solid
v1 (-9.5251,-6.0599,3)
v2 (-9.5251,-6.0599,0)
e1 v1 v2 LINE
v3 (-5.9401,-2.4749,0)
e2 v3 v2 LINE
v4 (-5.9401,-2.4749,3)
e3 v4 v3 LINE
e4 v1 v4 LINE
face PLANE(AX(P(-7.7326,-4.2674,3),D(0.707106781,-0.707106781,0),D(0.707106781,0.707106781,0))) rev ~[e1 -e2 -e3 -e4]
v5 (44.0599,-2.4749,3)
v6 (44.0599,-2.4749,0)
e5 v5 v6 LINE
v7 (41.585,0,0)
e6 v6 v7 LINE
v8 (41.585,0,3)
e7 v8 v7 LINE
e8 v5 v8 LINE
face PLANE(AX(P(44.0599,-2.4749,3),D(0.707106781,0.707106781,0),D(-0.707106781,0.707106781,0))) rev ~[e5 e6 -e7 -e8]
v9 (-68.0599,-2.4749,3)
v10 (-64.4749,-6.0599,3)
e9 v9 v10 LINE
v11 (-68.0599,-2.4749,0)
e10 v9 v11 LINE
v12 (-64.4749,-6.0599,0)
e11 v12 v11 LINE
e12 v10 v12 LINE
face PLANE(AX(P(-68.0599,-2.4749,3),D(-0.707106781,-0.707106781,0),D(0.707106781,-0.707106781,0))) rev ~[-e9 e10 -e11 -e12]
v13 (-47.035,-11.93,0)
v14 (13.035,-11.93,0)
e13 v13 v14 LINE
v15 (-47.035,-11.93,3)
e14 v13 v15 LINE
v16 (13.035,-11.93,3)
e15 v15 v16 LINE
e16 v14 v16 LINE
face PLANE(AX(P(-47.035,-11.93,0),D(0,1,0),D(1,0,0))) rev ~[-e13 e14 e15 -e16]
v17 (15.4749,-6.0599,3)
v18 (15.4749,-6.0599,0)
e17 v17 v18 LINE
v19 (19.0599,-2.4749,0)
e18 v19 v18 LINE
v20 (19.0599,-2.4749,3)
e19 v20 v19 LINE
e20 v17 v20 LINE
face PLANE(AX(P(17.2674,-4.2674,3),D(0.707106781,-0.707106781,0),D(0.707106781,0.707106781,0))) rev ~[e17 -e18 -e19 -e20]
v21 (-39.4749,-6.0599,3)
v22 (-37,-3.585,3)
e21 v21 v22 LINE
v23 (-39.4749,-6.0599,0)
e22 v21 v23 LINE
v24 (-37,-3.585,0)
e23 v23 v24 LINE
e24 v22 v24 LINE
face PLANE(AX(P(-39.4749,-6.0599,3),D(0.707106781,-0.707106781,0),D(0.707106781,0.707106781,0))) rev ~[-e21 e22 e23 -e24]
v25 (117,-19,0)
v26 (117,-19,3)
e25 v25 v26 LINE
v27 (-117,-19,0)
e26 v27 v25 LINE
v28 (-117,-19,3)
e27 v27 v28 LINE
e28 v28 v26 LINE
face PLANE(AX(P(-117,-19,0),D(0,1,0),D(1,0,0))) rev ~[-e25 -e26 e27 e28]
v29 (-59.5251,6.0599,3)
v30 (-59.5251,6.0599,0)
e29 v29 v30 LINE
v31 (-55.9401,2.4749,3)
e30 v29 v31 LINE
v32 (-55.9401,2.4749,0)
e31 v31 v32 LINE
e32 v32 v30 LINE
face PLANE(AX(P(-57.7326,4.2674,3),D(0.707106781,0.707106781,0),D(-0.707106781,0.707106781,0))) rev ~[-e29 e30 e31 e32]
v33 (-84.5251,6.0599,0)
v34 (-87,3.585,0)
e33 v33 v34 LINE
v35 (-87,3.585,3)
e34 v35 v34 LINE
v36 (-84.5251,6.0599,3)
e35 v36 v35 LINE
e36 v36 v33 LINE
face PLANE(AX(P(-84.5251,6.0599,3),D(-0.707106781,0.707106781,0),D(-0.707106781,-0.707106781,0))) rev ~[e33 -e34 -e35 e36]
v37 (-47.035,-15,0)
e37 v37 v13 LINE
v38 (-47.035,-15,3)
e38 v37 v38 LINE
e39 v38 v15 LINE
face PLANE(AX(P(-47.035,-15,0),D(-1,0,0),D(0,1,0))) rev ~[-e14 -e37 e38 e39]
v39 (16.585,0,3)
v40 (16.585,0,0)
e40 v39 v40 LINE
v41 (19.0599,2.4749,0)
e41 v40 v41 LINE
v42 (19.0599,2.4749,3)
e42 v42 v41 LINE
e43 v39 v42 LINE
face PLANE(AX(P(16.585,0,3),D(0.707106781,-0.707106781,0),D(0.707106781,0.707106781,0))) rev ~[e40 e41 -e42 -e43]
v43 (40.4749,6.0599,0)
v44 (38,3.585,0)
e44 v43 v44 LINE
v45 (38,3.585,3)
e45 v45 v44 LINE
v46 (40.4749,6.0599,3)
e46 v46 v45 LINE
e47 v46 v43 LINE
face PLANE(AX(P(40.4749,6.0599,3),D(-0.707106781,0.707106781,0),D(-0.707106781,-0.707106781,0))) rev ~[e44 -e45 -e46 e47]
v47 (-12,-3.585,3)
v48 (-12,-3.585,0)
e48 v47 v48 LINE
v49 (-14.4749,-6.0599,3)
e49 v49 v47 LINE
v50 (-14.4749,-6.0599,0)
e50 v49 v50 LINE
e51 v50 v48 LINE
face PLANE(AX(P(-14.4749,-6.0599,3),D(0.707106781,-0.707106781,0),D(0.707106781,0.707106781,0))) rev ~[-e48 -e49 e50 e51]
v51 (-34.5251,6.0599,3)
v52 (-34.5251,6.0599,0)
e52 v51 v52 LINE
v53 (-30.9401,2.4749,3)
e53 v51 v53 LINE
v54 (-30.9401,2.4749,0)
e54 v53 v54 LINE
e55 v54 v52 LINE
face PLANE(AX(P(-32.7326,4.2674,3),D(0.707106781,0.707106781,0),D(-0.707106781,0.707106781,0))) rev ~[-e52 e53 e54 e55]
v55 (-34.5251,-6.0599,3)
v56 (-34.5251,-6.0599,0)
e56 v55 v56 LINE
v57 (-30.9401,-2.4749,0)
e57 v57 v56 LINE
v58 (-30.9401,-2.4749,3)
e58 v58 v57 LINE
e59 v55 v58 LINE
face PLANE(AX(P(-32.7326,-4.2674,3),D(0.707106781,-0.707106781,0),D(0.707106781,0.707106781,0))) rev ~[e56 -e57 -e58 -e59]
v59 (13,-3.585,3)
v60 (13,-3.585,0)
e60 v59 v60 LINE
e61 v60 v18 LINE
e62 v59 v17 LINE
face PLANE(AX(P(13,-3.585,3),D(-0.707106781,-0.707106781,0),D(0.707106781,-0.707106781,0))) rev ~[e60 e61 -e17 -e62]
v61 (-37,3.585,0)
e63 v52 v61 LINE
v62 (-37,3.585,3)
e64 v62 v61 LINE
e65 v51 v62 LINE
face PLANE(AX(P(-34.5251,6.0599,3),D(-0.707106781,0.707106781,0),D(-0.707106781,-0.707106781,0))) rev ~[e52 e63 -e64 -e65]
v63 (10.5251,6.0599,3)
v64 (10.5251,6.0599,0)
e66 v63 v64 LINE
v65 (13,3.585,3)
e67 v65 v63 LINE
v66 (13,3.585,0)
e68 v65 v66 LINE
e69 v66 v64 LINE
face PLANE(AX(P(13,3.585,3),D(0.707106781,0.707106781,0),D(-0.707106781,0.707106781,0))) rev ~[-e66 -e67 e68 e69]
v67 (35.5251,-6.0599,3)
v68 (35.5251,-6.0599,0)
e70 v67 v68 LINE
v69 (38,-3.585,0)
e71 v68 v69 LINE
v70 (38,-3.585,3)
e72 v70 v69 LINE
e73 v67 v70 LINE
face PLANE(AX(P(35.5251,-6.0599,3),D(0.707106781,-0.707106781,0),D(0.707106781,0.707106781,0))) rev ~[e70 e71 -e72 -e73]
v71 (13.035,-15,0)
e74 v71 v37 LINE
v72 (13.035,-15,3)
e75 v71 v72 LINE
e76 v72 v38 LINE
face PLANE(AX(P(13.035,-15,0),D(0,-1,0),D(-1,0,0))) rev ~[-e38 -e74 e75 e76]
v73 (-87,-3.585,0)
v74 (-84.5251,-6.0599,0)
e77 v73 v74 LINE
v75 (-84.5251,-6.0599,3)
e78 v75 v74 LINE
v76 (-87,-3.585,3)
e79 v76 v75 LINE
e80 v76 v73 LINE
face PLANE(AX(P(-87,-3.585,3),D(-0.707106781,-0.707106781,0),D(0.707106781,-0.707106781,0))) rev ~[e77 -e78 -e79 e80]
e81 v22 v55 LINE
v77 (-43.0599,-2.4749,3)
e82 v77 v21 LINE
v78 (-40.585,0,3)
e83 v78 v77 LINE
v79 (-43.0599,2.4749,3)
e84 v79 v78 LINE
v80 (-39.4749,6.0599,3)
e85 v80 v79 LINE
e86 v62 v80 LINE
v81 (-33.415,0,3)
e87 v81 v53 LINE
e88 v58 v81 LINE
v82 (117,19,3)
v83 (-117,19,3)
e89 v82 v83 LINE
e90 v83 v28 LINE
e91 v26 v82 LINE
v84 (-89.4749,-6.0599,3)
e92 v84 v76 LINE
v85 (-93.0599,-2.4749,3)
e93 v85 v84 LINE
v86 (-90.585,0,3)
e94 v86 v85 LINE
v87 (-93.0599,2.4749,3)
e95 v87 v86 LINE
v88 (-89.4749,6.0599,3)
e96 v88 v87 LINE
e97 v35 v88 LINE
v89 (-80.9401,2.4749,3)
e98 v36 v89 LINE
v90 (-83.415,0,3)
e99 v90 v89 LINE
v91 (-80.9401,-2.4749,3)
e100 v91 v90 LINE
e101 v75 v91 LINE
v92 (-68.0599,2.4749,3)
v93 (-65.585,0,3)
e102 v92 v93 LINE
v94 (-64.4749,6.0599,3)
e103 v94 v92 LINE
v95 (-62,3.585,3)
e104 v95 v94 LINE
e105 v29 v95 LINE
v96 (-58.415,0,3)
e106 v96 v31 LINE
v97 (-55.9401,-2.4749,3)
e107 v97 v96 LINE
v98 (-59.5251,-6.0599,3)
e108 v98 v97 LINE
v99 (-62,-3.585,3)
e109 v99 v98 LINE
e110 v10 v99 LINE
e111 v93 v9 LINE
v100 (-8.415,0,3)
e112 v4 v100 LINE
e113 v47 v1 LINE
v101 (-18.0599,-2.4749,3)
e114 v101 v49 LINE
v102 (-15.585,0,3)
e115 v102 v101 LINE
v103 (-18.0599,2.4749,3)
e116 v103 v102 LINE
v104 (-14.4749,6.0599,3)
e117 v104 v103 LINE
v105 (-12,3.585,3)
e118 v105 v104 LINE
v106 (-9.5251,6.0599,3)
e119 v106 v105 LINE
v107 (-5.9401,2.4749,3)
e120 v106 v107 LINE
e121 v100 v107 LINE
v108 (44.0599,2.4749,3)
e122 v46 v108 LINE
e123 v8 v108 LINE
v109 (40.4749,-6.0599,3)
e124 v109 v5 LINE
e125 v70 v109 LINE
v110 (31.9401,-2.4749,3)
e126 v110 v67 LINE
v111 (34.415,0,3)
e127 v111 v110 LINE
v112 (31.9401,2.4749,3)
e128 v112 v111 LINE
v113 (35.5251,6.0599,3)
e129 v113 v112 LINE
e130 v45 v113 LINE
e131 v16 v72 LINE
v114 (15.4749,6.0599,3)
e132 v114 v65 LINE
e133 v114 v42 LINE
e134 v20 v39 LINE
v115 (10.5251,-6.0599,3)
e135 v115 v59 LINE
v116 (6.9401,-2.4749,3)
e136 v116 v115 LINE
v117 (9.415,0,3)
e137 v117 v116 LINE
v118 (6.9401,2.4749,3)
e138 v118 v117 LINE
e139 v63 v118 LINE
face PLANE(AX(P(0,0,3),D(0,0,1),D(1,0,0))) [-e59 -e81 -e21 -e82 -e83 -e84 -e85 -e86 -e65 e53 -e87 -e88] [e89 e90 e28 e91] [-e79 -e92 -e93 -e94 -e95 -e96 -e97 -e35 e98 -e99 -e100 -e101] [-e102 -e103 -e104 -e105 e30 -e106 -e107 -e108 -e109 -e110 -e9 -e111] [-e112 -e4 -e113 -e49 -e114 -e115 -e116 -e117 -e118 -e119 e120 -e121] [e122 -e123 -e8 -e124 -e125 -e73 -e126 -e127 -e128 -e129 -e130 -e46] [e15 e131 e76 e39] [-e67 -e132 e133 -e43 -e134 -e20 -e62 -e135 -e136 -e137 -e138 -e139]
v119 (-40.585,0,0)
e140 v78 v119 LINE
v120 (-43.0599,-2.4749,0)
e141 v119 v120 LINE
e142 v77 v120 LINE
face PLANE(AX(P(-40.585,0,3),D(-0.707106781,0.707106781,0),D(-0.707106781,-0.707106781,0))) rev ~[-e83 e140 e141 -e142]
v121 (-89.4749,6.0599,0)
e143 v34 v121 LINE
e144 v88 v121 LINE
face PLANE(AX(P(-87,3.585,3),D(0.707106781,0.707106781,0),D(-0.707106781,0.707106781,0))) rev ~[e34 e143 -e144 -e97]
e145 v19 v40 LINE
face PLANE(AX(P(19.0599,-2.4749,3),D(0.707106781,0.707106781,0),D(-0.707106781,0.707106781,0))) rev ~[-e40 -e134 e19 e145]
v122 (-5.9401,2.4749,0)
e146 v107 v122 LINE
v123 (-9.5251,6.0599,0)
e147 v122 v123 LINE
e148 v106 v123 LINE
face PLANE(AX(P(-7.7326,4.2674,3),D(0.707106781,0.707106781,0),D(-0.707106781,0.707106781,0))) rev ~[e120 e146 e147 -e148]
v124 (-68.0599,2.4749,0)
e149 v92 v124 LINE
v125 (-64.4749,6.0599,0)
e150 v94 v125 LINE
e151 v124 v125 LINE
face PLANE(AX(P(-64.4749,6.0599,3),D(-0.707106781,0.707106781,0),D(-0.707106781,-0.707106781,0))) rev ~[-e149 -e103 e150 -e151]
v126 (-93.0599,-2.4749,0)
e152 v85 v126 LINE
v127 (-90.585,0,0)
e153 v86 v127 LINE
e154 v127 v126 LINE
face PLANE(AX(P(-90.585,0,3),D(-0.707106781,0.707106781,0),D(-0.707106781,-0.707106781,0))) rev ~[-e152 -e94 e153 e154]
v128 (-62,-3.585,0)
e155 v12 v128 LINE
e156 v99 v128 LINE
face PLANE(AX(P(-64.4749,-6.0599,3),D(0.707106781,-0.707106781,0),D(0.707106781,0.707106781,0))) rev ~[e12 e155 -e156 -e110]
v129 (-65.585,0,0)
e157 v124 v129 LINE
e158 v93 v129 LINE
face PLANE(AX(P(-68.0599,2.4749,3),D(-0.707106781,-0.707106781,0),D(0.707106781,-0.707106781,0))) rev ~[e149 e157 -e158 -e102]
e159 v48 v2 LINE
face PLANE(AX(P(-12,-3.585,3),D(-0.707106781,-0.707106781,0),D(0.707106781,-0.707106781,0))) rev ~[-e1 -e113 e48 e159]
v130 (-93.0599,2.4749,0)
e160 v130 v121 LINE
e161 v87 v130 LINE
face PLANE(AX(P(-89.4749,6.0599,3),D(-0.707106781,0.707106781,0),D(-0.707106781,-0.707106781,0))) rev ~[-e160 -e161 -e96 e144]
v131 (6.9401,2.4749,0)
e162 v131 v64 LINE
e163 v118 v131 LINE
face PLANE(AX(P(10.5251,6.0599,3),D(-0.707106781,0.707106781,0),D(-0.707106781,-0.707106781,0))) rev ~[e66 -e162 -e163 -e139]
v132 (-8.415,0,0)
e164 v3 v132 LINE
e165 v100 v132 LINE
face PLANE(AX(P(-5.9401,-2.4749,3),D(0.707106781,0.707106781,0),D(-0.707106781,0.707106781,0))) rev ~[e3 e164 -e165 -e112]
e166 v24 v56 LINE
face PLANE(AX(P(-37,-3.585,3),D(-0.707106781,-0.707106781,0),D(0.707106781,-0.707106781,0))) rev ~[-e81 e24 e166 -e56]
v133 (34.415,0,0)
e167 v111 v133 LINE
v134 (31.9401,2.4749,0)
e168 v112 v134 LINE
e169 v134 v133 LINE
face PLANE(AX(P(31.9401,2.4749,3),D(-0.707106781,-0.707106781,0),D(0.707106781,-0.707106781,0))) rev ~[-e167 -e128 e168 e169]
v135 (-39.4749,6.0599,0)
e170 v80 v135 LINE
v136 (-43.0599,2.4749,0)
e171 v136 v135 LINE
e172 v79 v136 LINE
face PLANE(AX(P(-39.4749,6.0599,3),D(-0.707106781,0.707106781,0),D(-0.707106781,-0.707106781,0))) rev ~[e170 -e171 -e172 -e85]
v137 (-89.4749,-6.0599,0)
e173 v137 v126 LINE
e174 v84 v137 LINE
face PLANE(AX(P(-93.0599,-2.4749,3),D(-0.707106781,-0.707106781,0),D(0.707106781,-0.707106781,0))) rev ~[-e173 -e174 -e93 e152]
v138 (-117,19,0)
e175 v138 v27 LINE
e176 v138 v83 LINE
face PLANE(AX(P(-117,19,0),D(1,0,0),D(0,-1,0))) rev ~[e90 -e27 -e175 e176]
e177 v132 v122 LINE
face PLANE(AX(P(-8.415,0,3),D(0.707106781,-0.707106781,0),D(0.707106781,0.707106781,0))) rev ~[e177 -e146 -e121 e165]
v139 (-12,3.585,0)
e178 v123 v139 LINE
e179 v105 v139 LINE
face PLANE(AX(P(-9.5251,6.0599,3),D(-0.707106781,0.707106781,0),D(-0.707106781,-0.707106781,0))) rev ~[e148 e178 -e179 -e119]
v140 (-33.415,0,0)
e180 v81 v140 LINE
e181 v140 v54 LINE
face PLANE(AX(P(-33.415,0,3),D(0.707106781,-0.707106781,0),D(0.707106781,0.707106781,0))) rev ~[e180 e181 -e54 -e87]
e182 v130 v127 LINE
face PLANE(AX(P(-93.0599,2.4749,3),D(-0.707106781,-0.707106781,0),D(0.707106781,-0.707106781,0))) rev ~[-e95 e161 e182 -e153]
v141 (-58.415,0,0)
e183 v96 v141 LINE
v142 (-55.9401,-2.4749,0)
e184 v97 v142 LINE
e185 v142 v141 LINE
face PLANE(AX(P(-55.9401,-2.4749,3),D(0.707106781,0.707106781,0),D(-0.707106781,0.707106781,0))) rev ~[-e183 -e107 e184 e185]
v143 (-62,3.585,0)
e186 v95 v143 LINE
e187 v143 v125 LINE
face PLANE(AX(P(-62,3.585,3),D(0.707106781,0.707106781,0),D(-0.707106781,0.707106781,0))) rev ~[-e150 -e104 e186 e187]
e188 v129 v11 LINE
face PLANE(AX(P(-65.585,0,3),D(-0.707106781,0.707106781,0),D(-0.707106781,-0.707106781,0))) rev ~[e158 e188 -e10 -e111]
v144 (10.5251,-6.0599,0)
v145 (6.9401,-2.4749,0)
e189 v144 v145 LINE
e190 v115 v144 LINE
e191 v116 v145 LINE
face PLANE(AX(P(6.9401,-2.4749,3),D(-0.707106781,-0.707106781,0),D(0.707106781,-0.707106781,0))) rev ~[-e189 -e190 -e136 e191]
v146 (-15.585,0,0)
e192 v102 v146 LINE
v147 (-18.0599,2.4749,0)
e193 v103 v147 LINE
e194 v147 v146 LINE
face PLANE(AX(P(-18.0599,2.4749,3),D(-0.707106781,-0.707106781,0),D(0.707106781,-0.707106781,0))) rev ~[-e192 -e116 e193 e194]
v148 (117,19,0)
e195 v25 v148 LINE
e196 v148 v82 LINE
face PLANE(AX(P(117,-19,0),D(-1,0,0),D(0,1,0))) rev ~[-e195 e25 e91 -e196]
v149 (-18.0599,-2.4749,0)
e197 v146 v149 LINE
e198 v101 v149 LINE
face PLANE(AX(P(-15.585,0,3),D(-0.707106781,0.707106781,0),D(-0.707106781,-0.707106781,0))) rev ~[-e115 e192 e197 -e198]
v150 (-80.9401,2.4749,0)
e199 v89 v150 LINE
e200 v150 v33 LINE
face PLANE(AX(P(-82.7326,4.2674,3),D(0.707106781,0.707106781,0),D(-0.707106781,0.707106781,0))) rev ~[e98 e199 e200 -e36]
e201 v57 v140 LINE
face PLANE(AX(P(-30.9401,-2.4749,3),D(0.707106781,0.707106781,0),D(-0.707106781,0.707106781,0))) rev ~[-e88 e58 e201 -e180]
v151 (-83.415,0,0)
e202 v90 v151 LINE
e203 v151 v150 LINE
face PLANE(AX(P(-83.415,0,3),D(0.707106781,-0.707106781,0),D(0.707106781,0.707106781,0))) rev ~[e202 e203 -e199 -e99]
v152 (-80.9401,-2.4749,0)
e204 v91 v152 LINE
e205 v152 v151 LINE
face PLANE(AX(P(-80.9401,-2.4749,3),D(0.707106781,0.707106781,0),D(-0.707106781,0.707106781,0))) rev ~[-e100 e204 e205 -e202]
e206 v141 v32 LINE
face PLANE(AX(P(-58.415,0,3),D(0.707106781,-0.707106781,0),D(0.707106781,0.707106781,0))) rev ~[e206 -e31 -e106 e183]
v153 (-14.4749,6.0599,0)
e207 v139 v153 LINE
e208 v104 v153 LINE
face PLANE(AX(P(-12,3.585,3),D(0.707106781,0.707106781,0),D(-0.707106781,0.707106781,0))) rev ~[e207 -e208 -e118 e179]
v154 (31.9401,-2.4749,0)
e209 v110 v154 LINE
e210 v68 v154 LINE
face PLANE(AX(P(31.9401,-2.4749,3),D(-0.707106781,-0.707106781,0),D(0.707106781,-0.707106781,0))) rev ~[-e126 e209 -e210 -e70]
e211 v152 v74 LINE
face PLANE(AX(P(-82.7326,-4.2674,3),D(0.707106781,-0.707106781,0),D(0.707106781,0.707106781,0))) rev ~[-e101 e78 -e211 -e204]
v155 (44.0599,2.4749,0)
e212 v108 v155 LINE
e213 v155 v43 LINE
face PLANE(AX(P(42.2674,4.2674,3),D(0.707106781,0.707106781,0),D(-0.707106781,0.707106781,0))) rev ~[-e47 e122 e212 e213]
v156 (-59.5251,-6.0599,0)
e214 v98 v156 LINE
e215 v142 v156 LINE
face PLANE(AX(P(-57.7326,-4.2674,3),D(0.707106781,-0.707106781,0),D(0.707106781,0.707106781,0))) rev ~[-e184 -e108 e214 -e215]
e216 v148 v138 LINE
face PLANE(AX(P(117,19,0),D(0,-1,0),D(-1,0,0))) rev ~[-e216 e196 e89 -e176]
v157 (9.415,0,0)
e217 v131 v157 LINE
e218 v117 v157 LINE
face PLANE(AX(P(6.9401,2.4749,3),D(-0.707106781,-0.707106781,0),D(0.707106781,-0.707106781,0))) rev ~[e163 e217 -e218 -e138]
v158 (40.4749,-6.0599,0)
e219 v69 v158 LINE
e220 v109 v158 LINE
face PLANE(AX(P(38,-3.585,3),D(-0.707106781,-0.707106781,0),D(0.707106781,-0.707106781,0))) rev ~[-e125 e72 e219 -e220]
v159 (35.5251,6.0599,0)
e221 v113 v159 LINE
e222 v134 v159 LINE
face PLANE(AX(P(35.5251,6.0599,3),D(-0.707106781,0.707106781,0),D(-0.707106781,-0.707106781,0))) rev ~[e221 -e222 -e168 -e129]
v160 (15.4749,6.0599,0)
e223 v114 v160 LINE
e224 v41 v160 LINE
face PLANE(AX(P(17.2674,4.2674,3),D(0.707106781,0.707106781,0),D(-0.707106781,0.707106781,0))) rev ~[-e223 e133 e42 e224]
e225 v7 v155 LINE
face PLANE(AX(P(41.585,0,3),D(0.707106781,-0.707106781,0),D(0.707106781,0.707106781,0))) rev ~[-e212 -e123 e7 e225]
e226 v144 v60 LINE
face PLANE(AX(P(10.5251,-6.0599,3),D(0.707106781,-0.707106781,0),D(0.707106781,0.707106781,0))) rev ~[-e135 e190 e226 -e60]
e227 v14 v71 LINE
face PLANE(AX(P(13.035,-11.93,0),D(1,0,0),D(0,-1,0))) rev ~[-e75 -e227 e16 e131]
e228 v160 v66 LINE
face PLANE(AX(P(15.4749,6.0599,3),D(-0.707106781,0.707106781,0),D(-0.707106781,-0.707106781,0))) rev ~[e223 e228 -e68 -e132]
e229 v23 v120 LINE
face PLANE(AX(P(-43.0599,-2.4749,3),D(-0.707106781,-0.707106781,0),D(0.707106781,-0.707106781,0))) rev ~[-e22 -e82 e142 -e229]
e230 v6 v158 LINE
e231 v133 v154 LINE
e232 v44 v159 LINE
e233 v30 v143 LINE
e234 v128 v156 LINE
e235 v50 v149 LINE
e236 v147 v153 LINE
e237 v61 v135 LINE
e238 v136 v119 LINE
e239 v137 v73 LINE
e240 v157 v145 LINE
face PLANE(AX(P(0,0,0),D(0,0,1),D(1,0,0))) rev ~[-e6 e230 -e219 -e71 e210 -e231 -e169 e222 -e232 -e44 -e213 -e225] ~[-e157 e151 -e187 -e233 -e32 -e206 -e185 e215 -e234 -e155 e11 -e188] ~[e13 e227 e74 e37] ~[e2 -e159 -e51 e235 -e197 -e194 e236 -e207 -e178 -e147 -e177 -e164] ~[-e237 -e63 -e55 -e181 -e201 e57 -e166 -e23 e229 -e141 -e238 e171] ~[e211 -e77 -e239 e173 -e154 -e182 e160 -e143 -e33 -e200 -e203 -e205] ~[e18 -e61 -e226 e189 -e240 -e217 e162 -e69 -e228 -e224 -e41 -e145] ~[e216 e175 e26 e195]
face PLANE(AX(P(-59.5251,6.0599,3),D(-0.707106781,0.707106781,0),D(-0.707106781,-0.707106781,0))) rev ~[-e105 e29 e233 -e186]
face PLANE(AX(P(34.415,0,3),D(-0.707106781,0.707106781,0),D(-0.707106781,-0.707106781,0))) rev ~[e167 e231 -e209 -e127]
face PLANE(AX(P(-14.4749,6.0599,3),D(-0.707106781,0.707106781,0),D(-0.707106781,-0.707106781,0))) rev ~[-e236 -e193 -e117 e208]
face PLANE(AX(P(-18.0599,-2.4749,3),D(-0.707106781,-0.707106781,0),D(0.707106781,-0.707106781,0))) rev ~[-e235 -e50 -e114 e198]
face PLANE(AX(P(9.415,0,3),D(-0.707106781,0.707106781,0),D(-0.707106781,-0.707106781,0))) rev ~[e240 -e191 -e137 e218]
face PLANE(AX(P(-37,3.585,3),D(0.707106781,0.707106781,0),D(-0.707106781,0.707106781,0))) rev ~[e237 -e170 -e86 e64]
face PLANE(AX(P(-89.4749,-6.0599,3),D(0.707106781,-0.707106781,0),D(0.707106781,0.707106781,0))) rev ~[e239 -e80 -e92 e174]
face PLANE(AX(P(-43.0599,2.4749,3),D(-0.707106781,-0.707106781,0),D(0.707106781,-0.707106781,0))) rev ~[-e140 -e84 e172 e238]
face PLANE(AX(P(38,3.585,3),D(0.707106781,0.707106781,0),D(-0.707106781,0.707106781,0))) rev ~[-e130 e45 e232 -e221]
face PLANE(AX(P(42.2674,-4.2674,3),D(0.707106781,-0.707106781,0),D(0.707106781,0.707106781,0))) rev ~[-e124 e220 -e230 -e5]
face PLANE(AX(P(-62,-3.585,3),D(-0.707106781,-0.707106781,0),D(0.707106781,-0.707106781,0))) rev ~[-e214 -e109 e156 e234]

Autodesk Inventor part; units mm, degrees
ref_plane "YZ Plane" through (0, 0, 0) normal (1, 0, 0) x (0, 1, 0)
ref_plane "XZ Plane" through (0, 0, 0) normal (0, 1, 0) x (-1, 0, 0)
ref_plane "XY Plane" through (0, 0, 0) normal (0, 0, 1) x (1, 0, 0)
sketch "Sketch1" plane through (0, 0, 0) normal (0, 0, 1) x (1, 0, 0)
  line L0 (-117, -19) -> (117, -19)
  line L1 (117, -19) -> (117, 19)
  line L2 (117, 19) -> (-117, 19)
  line L3 (-117, 19) -> (-117, -19)
  line L4 (-117, -19) -> (117, 19) construction
  line L5 (117, -19) -> (-117, 19) construction
  line L6 (-47.035, -11.93) -> (13.035, -11.93)
  line L7 (13.035, -11.93) -> (13.035, -15)
  line L8 (13.035, -15) -> (-47.035, -15)
  line L9 (-47.035, -15) -> (-47.035, -11.93)
  line L10 (-47.035, -11.93) -> (13.035, -15) construction
  line L11 (13.035, -11.93) -> (-47.035, -15) construction
  point P0 (0, 0)
  point P1 (-17, -13.465)
  dimension "d0" = 38
  dimension "d1" = 234
  dimension "d2" = 100
  dimension "d3" = 3.07
  dimension "d4" = 4
  dimension "d5" = 60.07
extrude "Plate1" add sketch "Sketch1" along normal blind 3
sketch "Sketch2" plane through (0, 0, 3) normal (0, 0, 1) x (1, 0, 0)
  line L0 (-84.5251, 6.0599) -> (-93.0599, -2.4749)
  line L1 (-93.0599, -2.4749) -> (-89.4749, -6.0599)
  line L2 (-89.4749, -6.0599) -> (-80.9401, 2.4749)
  line L3 (-80.9401, 2.4749) -> (-84.5251, 6.0599)
  line L4 (-89.4749, 6.0599) -> (-93.0599, 2.4749)
  line L5 (-93.0599, 2.4749) -> (-84.5251, -6.0599)
  line L6 (-84.5251, -6.0599) -> (-80.9401, -2.4749)
  line L7 (-80.9401, -2.4749) -> (-89.4749, 6.0599)
  line L8 (-82.7326, 4.2674) -> (-91.2674, -4.2674)
  line L9 (-91.2674, 4.2674) -> (-82.7326, -4.2674)
  line L10 (-117, 19) -> (-117, -19) projected
  line L11 (-117, 0) -> (0, 0)
  line L12 (-117, -19) -> (-117, 19) projected
  point P0 (-87, 0)
  point P1 (-87, -3.585)
  point P2 (-83.415, 0)
  point P3 (-87, 3.585)
  point P4 (-90.585, 0)
  dimension "d7" = 5.07
  dimension "d8" = 30
  dimension "d9" = 12.07
  dimension "d11" = 45
extrude "Cut1" cut sketch "Sketch2" against normal blind 3
pattern_linear "Rectangular Pattern1" count 6 spacing 25 along (1, 0, 0) of "Cut1"
equation "\"d12\" = Thickness"
equation "\"d6\" = Thickness"
equation "\"BendRadius\" = Thickness"
equation "\"BendReliefWidth\" = Thickness"
equation "\"BendReliefDepth\" = 0.5 * Thickness"
equation "\"CornerReliefSize\" = 4 * Thickness"
equation "\"MinimumRemnant\" = 2 * Thickness"
equation "\"TransitionRadius\" = BendRadius"
equation "\"JacobiRadiusSize\" = BendRadius"
equation "\"GapSize\" = Thickness"
equation "\"Thickness\" = 3"
properties part number "Extension .1"
